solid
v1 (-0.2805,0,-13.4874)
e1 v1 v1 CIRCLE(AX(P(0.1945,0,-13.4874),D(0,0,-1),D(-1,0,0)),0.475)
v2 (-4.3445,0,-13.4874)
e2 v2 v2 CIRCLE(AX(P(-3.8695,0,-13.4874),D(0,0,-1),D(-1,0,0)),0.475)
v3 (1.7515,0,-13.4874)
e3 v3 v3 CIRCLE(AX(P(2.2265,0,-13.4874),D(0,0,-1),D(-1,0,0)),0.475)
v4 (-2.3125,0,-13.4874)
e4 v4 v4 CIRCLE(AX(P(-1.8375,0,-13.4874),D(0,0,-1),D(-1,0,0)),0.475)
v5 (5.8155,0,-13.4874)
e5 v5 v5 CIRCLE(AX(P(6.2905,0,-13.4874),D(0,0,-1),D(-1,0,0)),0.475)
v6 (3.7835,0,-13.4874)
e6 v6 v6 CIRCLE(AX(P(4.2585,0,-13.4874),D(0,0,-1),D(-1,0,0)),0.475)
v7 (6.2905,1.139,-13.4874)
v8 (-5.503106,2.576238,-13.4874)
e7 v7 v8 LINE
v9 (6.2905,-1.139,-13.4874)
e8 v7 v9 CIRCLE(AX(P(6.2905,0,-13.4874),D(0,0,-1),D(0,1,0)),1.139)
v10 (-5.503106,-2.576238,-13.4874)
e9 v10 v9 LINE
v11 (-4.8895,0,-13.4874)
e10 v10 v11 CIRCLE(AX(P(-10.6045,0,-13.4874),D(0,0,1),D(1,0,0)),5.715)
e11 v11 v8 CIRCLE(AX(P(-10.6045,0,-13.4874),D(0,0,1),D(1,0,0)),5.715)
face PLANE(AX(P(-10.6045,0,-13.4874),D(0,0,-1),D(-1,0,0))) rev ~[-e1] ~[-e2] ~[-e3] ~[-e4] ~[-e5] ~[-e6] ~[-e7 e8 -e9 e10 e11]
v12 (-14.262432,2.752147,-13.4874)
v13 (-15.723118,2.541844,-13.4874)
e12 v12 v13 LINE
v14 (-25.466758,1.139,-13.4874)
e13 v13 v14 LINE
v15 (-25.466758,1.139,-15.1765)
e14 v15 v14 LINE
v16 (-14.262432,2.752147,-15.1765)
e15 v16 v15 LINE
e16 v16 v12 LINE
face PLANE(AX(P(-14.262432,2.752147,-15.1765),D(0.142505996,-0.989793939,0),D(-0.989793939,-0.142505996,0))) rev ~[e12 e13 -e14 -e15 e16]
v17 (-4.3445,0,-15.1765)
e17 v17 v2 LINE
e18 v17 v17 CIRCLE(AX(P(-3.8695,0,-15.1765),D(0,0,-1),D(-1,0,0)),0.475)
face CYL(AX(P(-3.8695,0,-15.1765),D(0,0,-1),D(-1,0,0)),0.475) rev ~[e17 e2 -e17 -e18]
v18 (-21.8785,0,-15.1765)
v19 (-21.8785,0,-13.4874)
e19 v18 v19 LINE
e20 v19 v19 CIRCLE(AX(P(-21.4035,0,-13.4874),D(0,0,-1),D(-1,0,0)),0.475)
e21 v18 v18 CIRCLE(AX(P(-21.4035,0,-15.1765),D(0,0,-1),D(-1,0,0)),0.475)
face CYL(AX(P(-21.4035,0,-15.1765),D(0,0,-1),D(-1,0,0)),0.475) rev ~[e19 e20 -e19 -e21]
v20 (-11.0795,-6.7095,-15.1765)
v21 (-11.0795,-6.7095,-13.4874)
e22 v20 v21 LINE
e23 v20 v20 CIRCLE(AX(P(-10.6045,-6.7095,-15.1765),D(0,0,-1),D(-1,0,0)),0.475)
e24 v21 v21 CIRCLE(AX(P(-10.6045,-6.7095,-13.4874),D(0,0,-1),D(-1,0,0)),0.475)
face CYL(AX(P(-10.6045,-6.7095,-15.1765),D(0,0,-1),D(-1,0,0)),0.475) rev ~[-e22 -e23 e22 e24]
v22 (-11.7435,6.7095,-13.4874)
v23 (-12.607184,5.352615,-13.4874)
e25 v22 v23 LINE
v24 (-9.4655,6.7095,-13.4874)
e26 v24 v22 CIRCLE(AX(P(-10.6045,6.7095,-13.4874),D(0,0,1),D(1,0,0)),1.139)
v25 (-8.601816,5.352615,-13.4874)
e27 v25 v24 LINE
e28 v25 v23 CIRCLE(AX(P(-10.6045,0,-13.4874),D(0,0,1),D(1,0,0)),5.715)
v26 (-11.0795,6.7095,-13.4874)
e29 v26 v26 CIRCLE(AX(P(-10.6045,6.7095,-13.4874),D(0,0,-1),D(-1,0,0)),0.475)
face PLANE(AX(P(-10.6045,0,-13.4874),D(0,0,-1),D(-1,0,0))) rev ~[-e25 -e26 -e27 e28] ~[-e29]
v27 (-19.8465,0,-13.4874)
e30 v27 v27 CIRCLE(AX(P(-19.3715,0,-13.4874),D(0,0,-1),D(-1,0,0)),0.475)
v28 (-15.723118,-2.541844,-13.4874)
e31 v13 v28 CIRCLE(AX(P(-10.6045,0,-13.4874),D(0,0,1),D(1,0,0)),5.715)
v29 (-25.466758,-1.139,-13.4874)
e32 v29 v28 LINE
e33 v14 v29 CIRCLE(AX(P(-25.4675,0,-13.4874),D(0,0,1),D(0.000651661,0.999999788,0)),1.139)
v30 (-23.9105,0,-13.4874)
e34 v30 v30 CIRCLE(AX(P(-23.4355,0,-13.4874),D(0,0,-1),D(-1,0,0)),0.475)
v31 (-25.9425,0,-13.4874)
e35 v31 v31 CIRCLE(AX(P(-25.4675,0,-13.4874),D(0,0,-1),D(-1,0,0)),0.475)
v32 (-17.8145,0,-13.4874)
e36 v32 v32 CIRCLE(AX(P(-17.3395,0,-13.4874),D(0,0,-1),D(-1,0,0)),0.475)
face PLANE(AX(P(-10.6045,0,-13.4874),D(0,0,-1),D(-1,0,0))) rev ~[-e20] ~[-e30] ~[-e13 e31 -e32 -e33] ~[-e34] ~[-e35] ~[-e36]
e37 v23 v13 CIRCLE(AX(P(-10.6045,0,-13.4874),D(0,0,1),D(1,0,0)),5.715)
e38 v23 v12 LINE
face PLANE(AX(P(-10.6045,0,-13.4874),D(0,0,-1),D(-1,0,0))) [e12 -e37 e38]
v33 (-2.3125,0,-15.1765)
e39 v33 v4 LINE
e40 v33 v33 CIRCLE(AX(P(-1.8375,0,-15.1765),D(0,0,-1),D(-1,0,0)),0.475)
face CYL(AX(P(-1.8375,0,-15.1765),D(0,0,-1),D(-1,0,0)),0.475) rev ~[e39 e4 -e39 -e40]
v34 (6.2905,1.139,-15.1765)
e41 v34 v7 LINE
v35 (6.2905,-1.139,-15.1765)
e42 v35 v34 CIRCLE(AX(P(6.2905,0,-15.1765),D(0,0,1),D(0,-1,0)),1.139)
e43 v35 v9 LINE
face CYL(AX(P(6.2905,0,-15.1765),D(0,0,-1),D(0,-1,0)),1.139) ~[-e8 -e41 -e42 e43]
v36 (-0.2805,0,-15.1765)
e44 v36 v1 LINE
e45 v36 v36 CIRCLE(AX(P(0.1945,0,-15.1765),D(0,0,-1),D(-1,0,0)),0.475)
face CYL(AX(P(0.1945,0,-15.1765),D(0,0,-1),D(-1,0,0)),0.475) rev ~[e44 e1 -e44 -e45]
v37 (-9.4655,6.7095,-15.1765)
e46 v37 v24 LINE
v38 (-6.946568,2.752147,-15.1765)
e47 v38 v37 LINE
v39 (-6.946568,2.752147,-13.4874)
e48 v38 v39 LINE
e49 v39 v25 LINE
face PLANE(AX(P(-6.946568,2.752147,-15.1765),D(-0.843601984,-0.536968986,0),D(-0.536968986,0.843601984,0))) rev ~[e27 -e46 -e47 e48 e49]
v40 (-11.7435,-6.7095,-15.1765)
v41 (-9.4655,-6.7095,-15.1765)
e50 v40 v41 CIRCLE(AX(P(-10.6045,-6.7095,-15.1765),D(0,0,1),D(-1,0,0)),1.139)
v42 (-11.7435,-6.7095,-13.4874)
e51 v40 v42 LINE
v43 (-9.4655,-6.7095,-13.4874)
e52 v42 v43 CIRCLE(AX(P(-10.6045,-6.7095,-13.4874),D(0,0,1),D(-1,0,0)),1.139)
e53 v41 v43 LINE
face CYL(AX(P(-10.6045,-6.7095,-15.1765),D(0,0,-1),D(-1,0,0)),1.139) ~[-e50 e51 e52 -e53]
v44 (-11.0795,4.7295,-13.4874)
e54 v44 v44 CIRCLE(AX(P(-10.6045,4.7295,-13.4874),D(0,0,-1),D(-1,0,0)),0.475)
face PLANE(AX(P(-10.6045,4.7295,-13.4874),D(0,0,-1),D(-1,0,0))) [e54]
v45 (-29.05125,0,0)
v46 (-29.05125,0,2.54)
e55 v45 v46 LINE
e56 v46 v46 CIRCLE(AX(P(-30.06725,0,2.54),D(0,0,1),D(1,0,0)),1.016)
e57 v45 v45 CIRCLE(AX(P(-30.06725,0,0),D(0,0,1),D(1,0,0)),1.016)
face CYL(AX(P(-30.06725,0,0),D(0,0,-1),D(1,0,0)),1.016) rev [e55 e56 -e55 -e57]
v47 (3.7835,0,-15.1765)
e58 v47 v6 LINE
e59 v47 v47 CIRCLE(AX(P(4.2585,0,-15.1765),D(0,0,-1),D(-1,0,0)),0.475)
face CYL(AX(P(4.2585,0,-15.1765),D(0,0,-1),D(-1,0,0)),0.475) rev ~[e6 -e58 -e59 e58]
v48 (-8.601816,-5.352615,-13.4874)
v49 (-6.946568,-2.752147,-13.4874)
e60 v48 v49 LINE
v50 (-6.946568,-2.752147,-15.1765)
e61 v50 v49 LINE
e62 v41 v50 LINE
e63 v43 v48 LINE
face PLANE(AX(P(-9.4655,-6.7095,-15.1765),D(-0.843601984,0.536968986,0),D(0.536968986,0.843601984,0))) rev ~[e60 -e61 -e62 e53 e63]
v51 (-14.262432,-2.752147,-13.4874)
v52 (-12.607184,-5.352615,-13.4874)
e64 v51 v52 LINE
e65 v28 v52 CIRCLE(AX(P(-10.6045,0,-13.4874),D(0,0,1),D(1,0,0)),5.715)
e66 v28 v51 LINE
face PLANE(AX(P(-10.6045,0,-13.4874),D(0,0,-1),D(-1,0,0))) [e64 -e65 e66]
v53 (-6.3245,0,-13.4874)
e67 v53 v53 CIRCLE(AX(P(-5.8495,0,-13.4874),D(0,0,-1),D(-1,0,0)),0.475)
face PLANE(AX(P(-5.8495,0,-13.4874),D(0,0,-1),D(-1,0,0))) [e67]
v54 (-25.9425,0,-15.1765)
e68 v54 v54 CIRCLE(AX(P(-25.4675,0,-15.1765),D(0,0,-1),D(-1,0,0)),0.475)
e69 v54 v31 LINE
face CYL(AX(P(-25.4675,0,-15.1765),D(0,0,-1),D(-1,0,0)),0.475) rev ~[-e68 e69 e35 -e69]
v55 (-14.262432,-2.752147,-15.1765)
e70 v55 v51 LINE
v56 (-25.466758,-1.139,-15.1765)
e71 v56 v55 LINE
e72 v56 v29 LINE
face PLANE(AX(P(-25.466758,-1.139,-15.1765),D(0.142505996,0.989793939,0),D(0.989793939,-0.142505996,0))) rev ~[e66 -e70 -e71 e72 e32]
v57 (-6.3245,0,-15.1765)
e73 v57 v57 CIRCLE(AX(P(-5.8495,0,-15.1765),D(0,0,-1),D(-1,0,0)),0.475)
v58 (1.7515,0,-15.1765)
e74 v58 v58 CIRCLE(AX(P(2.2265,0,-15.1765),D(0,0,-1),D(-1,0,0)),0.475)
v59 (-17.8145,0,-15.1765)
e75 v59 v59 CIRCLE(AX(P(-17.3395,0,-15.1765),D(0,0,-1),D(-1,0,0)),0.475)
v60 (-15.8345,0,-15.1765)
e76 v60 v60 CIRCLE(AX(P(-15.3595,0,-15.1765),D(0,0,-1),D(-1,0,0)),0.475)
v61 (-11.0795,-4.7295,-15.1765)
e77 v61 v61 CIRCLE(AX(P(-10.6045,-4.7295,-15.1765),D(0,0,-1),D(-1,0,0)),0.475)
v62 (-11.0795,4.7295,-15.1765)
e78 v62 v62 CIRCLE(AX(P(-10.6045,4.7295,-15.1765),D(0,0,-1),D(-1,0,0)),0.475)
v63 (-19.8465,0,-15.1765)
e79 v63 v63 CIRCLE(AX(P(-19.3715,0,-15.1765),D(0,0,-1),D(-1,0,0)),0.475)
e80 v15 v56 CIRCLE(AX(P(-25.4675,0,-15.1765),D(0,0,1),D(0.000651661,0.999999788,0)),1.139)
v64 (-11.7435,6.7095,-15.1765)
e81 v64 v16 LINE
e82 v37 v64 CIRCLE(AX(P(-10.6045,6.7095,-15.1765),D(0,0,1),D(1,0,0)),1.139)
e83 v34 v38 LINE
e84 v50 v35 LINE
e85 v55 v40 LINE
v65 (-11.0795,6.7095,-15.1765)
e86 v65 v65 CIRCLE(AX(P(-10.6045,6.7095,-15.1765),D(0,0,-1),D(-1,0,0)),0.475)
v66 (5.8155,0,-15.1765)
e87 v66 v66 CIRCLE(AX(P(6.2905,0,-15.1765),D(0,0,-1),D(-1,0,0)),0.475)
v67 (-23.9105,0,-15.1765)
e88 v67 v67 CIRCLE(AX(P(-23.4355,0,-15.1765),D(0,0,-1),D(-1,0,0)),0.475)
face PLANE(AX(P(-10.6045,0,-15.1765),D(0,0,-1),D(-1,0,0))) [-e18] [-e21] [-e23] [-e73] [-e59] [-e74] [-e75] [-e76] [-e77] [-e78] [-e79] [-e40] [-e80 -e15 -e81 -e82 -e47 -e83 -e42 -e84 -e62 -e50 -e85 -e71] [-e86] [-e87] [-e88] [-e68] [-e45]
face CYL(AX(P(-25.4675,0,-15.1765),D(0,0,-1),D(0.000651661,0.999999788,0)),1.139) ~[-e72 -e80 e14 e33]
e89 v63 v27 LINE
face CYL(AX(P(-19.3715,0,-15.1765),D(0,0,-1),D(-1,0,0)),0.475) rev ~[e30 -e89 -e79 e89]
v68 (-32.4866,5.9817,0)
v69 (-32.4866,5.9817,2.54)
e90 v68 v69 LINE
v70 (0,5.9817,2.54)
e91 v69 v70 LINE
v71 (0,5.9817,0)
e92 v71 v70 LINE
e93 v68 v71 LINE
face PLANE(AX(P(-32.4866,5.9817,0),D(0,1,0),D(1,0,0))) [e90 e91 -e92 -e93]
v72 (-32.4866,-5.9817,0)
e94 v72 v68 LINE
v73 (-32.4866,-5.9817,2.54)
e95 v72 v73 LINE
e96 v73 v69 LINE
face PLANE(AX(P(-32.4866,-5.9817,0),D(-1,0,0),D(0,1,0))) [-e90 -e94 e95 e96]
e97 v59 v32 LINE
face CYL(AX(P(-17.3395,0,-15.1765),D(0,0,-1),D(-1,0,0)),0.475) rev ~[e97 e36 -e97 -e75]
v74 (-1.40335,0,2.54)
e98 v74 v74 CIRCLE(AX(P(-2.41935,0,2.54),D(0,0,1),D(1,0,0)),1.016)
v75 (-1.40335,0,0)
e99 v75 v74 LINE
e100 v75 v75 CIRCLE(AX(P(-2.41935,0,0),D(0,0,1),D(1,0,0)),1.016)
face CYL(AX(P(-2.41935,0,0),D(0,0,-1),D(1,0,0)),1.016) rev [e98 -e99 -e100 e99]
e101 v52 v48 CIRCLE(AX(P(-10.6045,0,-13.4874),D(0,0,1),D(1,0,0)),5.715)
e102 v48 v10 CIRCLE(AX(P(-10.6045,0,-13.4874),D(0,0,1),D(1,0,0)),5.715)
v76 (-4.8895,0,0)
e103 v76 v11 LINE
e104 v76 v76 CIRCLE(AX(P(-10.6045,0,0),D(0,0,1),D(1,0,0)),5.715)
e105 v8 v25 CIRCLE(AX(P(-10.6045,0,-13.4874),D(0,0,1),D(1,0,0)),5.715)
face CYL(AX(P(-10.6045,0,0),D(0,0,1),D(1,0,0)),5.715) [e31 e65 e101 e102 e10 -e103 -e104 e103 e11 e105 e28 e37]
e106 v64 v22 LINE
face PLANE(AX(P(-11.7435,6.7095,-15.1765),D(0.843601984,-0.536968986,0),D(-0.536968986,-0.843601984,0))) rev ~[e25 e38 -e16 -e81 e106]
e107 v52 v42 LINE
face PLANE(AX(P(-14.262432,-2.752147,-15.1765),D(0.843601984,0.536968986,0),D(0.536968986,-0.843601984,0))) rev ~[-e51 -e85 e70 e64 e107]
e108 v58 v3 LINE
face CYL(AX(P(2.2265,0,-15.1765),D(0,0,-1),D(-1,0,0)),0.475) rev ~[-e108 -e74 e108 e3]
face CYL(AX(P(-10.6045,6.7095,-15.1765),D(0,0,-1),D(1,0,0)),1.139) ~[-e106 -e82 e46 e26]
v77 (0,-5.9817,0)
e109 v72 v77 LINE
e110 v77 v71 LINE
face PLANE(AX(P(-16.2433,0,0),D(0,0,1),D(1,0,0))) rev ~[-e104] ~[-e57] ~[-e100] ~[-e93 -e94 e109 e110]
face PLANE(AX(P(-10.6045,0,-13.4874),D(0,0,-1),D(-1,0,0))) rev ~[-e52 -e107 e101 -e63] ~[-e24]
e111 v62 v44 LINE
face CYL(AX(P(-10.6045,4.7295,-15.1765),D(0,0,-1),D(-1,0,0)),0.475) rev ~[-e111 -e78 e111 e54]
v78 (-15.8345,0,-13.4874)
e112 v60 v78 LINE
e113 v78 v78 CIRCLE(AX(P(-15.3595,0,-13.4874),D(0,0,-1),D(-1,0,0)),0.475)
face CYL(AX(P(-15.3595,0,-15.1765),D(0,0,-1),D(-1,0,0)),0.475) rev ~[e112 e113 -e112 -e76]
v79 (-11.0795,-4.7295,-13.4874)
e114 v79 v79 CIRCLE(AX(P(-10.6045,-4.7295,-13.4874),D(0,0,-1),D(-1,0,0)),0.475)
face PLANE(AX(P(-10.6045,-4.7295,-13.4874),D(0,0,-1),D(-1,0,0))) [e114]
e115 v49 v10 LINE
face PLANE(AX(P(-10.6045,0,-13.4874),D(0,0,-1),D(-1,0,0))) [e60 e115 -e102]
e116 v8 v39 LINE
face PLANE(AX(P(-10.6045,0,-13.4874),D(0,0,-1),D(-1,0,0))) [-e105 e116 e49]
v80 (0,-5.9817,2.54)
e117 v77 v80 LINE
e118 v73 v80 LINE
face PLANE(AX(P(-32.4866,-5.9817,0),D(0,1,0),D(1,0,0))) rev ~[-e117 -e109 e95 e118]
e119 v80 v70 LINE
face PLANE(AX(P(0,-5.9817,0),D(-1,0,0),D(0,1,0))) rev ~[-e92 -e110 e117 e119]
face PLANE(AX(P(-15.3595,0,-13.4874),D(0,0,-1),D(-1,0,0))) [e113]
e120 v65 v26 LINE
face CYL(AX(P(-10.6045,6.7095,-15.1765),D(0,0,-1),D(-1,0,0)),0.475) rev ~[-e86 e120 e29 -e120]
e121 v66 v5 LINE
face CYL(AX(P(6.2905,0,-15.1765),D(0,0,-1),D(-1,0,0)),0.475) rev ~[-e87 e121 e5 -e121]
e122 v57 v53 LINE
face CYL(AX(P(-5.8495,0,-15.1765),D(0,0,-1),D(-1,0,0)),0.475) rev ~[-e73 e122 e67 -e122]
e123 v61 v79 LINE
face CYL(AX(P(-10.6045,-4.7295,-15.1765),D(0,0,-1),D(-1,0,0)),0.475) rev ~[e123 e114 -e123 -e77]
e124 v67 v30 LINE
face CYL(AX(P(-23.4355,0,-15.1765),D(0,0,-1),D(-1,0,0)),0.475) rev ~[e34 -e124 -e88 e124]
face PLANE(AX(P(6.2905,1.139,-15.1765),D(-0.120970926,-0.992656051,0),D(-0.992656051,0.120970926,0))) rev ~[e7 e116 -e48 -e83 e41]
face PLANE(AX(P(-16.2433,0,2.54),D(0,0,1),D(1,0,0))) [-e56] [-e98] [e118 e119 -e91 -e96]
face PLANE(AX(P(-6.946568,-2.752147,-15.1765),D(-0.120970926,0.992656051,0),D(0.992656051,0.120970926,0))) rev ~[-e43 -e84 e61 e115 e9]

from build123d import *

# Parameters (mm, degrees)
SKETCH1_W           = 32.4866
SKETCH1_H           = 11.9634
SKETCH1_R           = 1.016
BOSS_EXTRUDE1_DEPTH = 2.54
SKETCH1_3_R         = 5.715
BOSS_EXTRUDE2_DEPTH = 13.4874
SKETCH2_R           = 18.034
BOSS_EXTRUDE3_DEPTH = 1.6891
SKETCH3_R           = 19.05
SKETCH3_R_2         = 0.475
CUT_EXTRUDE3_DEPTH  = 1.6891


with BuildPart() as part:
    # Sketch1 → Boss-Extrude1 (new body)
    with BuildSketch(Plane.XY):
        with Locations((-16.2433, 0)):
            Rectangle(SKETCH1_W, SKETCH1_H)
        with Locations((-2.41935, 0)):
            Circle(SKETCH1_R, mode=Mode.SUBTRACT)
        with Locations((-30.06725, 0)):
            Circle(SKETCH1_R, mode=Mode.SUBTRACT)
    extrude(amount=BOSS_EXTRUDE1_DEPTH)

    # Sketch1<3> → Boss-Extrude2 (add)
    with BuildSketch(Plane.XY):
        with Locations((-10.6045, 0)):
            Circle(SKETCH1_3_R)
    extrude(amount=-BOSS_EXTRUDE2_DEPTH)

    # Sketch2 → Boss-Extrude3 (add)
    with BuildSketch(Plane(origin=(0, 0, -13.4874), x_dir=(-1, 0, 0), z_dir=(0, 0, -1))):
        with Locations((10.6045, 0)):
            Circle(SKETCH2_R)
    extrude(amount=BOSS_EXTRUDE3_DEPTH)

    # Sketch3 → Cut-Extrude3 (cut)
    # profile 1 of 18: a face of its own
    with BuildSketch(Plane(origin=(0, 0, -15.1765), x_dir=(-1, 0, 0), z_dir=(0, 0, -1))):
        with Locations((10.6045, 0)):
            Circle(SKETCH3_R)
        with BuildLine():
            ThreePointArc((-6.2905, -1.139), (-7.4295, 0), (-6.2905, 1.139))
            Line((-6.2905, 1.139), (6.946568436, 2.752147304))
            Line((6.946568436, 2.752147304), (9.4655, 6.7095))
            ThreePointArc((9.4655, 6.7095), (10.6045, 7.8485), (11.7435, 6.7095))
            Line((11.7435, 6.7095), (14.262431564, 2.752147304))
            Line((14.262431564, 2.752147304), (25.466757758, 1.138999758))
            ThreePointArc((25.466757758, 1.138999758), (26.6065, 0), (25.466757758, -1.138999758))
            Line((25.466757758, -1.138999758), (14.262431564, -2.752147304))
            Line((14.262431564, -2.752147304), (11.7435, -6.7095))
            ThreePointArc((11.7435, -6.7095), (10.6045, -7.8485), (9.4655, -6.7095))
            Line((9.4655, -6.7095), (6.946568436, -2.752147304))
            Line((6.946568436, -2.752147304), (-6.2905, -1.139))
        make_face(mode=Mode.SUBTRACT)
    # profile 2 of 18: a face of its own
    with BuildSketch(Plane(origin=(0, 0, -15.1765), x_dir=(-1, 0, 0), z_dir=(0, 0, -1))):
        with Locations((15.3595, 0)):
            Circle(SKETCH3_R_2)
    # profile 3 of 18: a face of its own
    with BuildSketch(Plane(origin=(0, 0, -15.1765), x_dir=(-1, 0, 0), z_dir=(0, 0, -1))):
        with Locations((5.8495, 0)):
            Circle(SKETCH3_R_2)
    # profile 4 of 18: a face of its own
    with BuildSketch(Plane(origin=(0, 0, -15.1765), x_dir=(-1, 0, 0), z_dir=(0, 0, -1))):
        with Locations((17.3395, 0)):
            Circle(SKETCH3_R_2)
    # profile 5 of 18: a face of its own
    with BuildSketch(Plane(origin=(0, 0, -15.1765), x_dir=(-1, 0, 0), z_dir=(0, 0, -1))):
        with Locations((3.8695, 0)):
            Circle(SKETCH3_R_2)
    # profile 6 of 18: a face of its own
    with BuildSketch(Plane(origin=(0, 0, -15.1765), x_dir=(-1, 0, 0), z_dir=(0, 0, -1))):
        with Locations((1.8375, 0)):
            Circle(SKETCH3_R_2)
    # profile 7 of 18: a face of its own
    with BuildSketch(Plane(origin=(0, 0, -15.1765), x_dir=(-1, 0, 0), z_dir=(0, 0, -1))):
        with Locations((-0.1945, 0)):
            Circle(SKETCH3_R_2)
    # profile 8 of 18: a face of its own
    with BuildSketch(Plane(origin=(0, 0, -15.1765), x_dir=(-1, 0, 0), z_dir=(0, 0, -1))):
        with Locations((-2.2265, 0)):
            Circle(SKETCH3_R_2)
    # profile 9 of 18: a face of its own
    with BuildSketch(Plane(origin=(0, 0, -15.1765), x_dir=(-1, 0, 0), z_dir=(0, 0, -1))):
        with Locations((-4.2585, 0)):
            Circle(SKETCH3_R_2)
    # profile 10 of 18: a face of its own
    with BuildSketch(Plane(origin=(0, 0, -15.1765), x_dir=(-1, 0, 0), z_dir=(0, 0, -1))):
        with Locations((-6.2905, 0)):
            Circle(SKETCH3_R_2)
    # profile 11 of 18: a face of its own
    with BuildSketch(Plane(origin=(0, 0, -15.1765), x_dir=(-1, 0, 0), z_dir=(0, 0, -1))):
        with Locations((19.3715, 0)):
            Circle(SKETCH3_R_2)
    # profile 12 of 18: a face of its own
    with BuildSketch(Plane(origin=(0, 0, -15.1765), x_dir=(-1, 0, 0), z_dir=(0, 0, -1))):
        with Locations((21.4035, 0)):
            Circle(SKETCH3_R_2)
    # profile 13 of 18: a face of its own
    with BuildSketch(Plane(origin=(0, 0, -15.1765), x_dir=(-1, 0, 0), z_dir=(0, 0, -1))):
        with Locations((23.4355, 0)):
            Circle(SKETCH3_R_2)
    # profile 14 of 18: a face of its own
    with BuildSketch(Plane(origin=(0, 0, -15.1765), x_dir=(-1, 0, 0), z_dir=(0, 0, -1))):
        with Locations((25.4675, 0)):
            Circle(SKETCH3_R_2)
    # profile 15 of 18: a face of its own
    with BuildSketch(Plane(origin=(0, 0, -15.1765), x_dir=(-1, 0, 0), z_dir=(0, 0, -1))):
        with Locations((10.6045, 4.7295)):
            Circle(SKETCH3_R_2)
    # profile 16 of 18: a face of its own
    with BuildSketch(Plane(origin=(0, 0, -15.1765), x_dir=(-1, 0, 0), z_dir=(0, 0, -1))):
        with Locations((10.6045, -4.7295)):
            Circle(SKETCH3_R_2)
    # profile 17 of 18: a face of its own
    with BuildSketch(Plane(origin=(0, 0, -15.1765), x_dir=(-1, 0, 0), z_dir=(0, 0, -1))):
        with Locations((10.6045, 6.7095)):
            Circle(SKETCH3_R_2)
    # profile 18 of 18: a face of its own
    with BuildSketch(Plane(origin=(0, 0, -15.1765), x_dir=(-1, 0, 0), z_dir=(0, 0, -1))):
        with Locations((10.6045, -6.7095)):
            Circle(SKETCH3_R_2)
    extrude(amount=-CUT_EXTRUDE3_DEPTH, mode=Mode.SUBTRACT)


solid = part.part
